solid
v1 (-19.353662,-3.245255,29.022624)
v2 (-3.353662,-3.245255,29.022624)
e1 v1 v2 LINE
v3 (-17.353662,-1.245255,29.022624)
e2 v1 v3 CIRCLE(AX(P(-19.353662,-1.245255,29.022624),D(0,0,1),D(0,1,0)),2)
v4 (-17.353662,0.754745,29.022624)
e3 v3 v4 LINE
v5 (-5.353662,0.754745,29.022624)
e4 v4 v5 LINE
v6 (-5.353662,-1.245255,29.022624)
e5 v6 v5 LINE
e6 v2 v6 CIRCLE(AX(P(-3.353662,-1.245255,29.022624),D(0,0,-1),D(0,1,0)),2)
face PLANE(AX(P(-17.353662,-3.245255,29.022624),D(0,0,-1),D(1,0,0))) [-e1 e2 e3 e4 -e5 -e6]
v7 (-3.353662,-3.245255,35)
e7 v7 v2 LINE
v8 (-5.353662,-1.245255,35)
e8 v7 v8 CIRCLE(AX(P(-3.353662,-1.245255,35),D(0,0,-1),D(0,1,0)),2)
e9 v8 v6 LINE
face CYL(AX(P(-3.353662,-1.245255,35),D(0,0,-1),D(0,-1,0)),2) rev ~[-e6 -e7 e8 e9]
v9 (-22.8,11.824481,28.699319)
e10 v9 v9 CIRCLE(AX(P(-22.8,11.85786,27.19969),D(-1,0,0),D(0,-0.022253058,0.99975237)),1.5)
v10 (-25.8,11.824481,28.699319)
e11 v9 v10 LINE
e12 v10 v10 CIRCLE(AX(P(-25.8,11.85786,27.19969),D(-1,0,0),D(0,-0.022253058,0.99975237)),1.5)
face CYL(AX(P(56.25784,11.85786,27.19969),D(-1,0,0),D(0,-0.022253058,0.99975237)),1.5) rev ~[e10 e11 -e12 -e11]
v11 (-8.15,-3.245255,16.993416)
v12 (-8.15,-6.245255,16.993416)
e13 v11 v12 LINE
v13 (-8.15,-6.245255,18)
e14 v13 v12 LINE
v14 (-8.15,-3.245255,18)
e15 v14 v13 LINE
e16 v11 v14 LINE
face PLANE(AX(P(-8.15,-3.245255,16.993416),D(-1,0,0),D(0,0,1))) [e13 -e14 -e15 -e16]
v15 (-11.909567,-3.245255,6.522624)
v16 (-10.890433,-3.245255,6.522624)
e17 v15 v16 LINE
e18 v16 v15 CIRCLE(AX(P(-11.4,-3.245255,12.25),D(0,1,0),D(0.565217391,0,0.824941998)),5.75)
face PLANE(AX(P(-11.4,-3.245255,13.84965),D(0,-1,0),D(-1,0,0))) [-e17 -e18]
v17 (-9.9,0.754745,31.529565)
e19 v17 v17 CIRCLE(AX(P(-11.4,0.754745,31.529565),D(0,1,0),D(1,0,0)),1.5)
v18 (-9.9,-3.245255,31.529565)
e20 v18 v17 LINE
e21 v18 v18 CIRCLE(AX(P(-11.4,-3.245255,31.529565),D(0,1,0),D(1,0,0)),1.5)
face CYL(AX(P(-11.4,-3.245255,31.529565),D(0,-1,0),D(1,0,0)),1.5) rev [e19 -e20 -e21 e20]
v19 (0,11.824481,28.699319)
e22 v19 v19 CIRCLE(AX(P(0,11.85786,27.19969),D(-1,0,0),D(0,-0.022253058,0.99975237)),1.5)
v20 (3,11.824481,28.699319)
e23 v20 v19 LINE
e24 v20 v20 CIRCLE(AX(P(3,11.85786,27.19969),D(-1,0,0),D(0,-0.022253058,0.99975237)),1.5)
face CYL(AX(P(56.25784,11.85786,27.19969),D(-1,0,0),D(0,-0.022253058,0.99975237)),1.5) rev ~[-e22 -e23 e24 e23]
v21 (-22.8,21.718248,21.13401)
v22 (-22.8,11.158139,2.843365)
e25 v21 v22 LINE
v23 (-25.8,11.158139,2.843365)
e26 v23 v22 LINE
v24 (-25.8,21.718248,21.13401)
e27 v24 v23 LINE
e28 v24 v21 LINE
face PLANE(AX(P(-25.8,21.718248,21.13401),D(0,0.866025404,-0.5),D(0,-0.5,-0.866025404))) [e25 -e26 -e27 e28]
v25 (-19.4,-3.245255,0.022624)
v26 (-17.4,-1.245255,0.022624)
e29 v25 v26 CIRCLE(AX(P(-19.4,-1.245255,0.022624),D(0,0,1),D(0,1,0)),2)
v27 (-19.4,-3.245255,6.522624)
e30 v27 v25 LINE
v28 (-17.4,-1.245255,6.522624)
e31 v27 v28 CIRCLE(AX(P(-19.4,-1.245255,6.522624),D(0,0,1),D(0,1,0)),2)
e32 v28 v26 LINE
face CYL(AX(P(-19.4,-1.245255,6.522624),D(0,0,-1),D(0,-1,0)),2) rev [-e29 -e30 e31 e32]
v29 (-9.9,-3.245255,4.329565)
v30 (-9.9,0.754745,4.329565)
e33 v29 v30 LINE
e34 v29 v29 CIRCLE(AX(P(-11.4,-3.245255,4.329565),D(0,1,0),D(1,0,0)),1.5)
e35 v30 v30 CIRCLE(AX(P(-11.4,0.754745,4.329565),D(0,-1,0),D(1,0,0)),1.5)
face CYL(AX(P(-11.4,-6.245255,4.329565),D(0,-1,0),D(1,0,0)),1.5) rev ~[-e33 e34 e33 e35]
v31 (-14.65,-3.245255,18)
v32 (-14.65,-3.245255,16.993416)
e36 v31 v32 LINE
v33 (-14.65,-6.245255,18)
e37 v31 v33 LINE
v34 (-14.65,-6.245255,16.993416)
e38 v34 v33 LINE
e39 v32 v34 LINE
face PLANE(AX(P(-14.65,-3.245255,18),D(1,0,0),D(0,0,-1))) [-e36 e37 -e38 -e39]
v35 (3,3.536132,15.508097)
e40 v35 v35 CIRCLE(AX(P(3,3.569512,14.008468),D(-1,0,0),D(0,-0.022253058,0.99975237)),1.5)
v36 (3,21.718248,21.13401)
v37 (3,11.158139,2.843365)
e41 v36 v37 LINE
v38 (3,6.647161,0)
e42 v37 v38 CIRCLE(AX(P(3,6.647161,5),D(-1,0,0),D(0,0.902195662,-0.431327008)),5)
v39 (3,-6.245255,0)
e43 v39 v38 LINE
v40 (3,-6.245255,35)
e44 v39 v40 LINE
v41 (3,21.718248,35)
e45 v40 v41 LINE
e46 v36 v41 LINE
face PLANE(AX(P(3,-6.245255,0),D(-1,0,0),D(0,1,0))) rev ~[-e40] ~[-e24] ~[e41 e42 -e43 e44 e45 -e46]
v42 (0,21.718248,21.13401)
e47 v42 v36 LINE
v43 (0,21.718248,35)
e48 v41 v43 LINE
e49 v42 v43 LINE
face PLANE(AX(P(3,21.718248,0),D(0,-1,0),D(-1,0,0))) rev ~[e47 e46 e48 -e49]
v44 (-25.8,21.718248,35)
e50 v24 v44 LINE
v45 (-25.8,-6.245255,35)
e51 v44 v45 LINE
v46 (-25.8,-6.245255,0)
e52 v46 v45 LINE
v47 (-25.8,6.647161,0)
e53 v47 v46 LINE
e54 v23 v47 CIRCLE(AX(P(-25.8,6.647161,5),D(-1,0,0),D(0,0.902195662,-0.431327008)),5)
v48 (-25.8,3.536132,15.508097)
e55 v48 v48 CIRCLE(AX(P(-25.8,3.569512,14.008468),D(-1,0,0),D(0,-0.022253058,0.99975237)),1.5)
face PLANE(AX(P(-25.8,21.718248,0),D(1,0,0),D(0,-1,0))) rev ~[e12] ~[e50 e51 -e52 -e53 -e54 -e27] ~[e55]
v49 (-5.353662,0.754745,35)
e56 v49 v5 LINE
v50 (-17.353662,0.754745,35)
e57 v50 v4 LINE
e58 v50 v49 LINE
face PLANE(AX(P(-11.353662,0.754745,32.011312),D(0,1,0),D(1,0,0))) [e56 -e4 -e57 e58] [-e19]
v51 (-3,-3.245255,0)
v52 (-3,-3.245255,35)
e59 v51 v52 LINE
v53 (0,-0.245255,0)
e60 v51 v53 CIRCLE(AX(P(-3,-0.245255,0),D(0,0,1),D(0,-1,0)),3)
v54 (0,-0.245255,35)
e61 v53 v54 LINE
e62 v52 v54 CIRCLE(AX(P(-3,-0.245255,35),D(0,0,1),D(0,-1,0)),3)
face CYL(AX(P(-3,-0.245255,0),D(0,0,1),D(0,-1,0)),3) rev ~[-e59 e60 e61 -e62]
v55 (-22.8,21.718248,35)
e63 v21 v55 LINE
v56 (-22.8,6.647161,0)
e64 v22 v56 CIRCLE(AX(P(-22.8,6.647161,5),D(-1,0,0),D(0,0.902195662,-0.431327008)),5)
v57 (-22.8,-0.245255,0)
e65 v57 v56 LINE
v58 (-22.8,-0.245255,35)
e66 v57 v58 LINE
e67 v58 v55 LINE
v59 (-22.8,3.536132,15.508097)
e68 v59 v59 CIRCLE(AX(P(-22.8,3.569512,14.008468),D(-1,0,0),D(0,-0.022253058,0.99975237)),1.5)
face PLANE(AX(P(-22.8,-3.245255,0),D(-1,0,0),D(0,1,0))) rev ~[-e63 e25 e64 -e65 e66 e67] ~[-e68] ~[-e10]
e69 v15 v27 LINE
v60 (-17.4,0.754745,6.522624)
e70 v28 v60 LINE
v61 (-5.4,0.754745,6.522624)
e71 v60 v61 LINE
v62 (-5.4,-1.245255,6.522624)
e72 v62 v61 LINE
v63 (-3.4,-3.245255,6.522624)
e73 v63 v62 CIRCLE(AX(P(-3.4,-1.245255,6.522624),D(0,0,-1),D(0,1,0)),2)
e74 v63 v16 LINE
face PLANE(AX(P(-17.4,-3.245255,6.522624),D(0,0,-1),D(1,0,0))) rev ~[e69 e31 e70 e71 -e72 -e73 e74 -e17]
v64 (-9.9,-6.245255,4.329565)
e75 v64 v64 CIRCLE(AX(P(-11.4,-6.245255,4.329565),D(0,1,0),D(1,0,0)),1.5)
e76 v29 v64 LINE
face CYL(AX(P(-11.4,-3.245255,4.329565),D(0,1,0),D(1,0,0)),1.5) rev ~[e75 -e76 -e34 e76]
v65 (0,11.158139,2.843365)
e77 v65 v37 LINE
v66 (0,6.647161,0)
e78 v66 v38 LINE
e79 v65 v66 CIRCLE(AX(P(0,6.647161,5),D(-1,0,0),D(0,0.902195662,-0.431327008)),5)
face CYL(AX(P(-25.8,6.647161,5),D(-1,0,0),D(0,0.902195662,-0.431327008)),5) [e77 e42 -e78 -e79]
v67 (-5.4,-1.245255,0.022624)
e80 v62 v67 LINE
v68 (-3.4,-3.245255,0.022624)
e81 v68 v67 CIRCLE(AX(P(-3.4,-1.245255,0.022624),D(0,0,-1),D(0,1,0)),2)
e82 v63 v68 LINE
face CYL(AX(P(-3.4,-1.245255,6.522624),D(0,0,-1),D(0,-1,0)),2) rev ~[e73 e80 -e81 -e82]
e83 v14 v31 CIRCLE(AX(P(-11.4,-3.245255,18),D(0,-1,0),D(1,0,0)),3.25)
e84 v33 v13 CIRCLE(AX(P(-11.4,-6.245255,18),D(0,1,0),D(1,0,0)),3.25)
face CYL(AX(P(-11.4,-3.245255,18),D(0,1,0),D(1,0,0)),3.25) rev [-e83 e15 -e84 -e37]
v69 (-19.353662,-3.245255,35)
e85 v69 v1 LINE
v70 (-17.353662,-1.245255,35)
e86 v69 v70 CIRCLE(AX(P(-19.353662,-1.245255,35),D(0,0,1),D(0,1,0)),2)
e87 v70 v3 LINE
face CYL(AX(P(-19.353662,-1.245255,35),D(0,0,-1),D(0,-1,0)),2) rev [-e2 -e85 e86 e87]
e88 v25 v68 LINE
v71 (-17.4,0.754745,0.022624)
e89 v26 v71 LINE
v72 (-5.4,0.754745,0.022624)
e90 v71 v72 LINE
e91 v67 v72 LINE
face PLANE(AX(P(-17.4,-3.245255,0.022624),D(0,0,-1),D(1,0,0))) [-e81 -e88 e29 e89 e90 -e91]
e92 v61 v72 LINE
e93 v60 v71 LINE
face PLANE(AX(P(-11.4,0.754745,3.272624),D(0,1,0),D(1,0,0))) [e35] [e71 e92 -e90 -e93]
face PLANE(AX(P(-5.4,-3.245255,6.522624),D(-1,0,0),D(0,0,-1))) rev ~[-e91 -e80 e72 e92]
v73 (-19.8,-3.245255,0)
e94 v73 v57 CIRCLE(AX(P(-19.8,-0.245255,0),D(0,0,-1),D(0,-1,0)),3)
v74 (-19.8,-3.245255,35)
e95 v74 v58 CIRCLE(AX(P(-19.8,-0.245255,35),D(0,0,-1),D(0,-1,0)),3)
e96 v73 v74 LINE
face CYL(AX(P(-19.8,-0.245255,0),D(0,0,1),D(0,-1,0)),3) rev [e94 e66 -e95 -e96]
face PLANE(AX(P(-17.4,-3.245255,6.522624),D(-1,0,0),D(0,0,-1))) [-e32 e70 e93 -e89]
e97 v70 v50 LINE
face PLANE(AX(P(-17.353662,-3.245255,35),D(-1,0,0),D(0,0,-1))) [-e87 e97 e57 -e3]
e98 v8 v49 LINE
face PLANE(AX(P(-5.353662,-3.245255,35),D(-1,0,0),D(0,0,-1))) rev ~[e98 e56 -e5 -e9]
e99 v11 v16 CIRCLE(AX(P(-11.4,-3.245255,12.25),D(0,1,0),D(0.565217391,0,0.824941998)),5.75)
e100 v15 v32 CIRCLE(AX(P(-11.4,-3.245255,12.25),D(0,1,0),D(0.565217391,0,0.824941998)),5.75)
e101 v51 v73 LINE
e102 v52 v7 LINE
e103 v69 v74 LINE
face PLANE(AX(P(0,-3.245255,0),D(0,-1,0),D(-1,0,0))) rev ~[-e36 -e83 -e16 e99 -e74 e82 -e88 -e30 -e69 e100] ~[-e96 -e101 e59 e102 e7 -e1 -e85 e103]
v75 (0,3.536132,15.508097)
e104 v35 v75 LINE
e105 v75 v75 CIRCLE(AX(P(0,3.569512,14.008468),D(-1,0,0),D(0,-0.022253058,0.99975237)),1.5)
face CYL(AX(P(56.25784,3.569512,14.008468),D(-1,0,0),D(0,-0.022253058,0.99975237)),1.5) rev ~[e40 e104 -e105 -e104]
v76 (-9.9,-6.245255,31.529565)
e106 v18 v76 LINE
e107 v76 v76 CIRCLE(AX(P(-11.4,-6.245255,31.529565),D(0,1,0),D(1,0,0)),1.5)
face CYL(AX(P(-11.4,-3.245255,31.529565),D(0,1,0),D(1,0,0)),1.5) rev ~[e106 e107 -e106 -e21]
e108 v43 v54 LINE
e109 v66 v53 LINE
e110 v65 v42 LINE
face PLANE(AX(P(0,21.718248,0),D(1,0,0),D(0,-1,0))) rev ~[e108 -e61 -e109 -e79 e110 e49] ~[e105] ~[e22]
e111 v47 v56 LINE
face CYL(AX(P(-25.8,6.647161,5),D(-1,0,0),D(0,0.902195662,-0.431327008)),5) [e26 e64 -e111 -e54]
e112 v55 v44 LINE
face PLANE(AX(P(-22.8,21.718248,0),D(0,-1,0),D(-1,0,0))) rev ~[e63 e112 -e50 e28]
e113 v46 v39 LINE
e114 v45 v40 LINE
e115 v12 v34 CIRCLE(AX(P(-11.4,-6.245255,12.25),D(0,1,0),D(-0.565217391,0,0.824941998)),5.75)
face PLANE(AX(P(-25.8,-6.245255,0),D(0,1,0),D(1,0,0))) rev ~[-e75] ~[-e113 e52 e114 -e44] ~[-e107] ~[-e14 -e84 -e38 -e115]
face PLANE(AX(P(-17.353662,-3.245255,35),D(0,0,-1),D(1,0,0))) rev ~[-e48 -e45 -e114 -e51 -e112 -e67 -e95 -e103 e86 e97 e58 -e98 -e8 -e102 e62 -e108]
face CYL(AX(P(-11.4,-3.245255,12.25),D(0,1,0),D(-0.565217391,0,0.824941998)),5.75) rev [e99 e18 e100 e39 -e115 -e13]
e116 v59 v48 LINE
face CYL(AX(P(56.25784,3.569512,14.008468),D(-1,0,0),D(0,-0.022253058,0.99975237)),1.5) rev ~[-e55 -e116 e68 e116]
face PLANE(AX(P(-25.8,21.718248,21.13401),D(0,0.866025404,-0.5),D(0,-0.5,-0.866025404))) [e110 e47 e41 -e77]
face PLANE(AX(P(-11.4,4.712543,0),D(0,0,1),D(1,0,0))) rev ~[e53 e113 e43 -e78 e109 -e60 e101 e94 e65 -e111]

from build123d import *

# Parameters (mm, degrees)
EXTRUDE_1_DEPTH     = 35
SKETCH_7_W          = 12
SKETCH_7_H          = 6.5
EXTRUDE_3_DEPTH     = 4
CUT_EXTRUDE_1_REACH = 5
SKETCH_2_R          = 1.5
CUT_EXTRUDE_2_DEPTH = 28.8
SKETCH_6_W          = 12
SKETCH_6_H          = 5.977376498
SKETCH_6_R          = 1.5
EXTRUDE_2_DEPTH     = 4
CUT_EXTRUDE_3_REACH = 29.964
SKETCH_9_R          = 1.5
FILLET_1_R          = 3
FILLET_2_R          = 2
MM_CLEARANCE_1_D    = 3


with BuildPart() as part:
    # 草图1 → 凸台-拉伸1 (new body)
    with BuildSketch(Plane.XY):
        Polygon((-25.8, 21.661752689), (-25.8, -6.245255474), (3, -6.245255474), (3, 21.718248175), (0, 21.718248175), (0, -3.245255474), (-22.8, -3.245255474), (-22.8, 21.718248175), (-25.8, 21.718248175), align=None)
    extrude(amount=EXTRUDE_1_DEPTH)

    # 草图7 → 凸台-拉伸3 (add)
    with BuildSketch(Plane(origin=(0, -3.245255474, 0), x_dir=(1, 0, 0), z_dir=(0, 1, 0))):
        with Locations((-11.4, -3.272623502)):
            Rectangle(SKETCH_7_W, SKETCH_7_H)
    extrude(amount=EXTRUDE_3_DEPTH)

    # 草图2 → 切除-拉伸1 (cut, up to next)
    with BuildSketch(Plane(origin=(0, -3.245255474, 0), x_dir=(1, 0, 0), z_dir=(0, 1, 0)), mode=Mode.PRIVATE) as cut_extrude_1_sk1:
        with Locations((-11.4, -4.329564509)):
            Circle(SKETCH_2_R)
    cut_extrude_1_tool1 = extrude(cut_extrude_1_sk1.sketch, amount=-CUT_EXTRUDE_1_REACH, mode=Mode.PRIVATE) & part.part
    add(cut_extrude_1_tool1.solids().sort_by_distance((-11.4, -3.245255, 4.329565))[0], mode=Mode.SUBTRACT)
    # 草图2 → 切除-拉伸1 (cut, up to next)
    with BuildSketch(Plane(origin=(0, -3.245255474, 0), x_dir=(1, 0, 0), z_dir=(0, 1, 0)), mode=Mode.PRIVATE) as cut_extrude_1_sk2:
        with Locations((-11.4, -31.529564509)):
            Circle(SKETCH_2_R)
    cut_extrude_1_tool2 = extrude(cut_extrude_1_sk2.sketch, amount=-CUT_EXTRUDE_1_REACH, mode=Mode.PRIVATE) & part.part
    add(cut_extrude_1_tool2.solids().sort_by_distance((-11.4, -3.245255, 31.529565))[0], mode=Mode.SUBTRACT)
    # 草图2 → 切除-拉伸1 (cut, up to next)
    with BuildSketch(Plane(origin=(0, -3.245255474, 0), x_dir=(1, 0, 0), z_dir=(0, 1, 0)), mode=Mode.PRIVATE) as cut_extrude_1_sk3:
        with BuildLine():
            Line((-14.65, -18), (-14.65, -16.99341649))
            ThreePointArc((-14.65, -16.99341649), (-11.4, -6.5), (-8.15, -16.99341649))
            Line((-8.15, -16.99341649), (-8.15, -18))
            ThreePointArc((-8.15, -18), (-11.4, -21.25), (-14.65, -18))
        make_face()
    cut_extrude_1_tool3 = extrude(cut_extrude_1_sk3.sketch, amount=-CUT_EXTRUDE_1_REACH, mode=Mode.PRIVATE) & part.part
    add(cut_extrude_1_tool3.solids().sort_by_distance((-11.4, -3.245255, 13.308508))[0], mode=Mode.SUBTRACT)

    # 草图5 → 切除-拉伸2 (cut)
    with BuildSketch(Plane.ZY.offset(25.8)):
        with BuildLine():
            Line((0, 6.647160947), (0, 21.718248175))
            Line((0, 21.718248175), (21.134010141, 21.718248175))
            Line((21.134010141, 21.718248175), (2.843364957, 11.158139254))
            ThreePointArc((2.843364957, 11.158139254), (0.770155132, 9.313321556), (0, 6.647160947))
        make_face()
    extrude(amount=-CUT_EXTRUDE_2_DEPTH, mode=Mode.SUBTRACT)

    # 草图6 → 凸台-拉伸2 (add)
    with BuildSketch(Plane(origin=(0, -3.245255474, 0), x_dir=(1, 0, 0), z_dir=(0, 1, 0))):
        with Locations((-11.353661672, -32.011311751)):
            Rectangle(SKETCH_6_W, SKETCH_6_H)
        with Locations((-11.4, -31.529564509)):
            Circle(SKETCH_6_R, mode=Mode.SUBTRACT)
    extrude(amount=EXTRUDE_2_DEPTH)

    # 草图9 → 切除-拉伸3 (cut, up to next)
    with BuildSketch(Plane.XZ.offset(6.245255474), mode=Mode.PRIVATE) as cut_extrude_3_sk1:
        with Locations((-11.4, 4.329564509)):
            Circle(SKETCH_9_R)
    cut_extrude_3_tool1 = extrude(cut_extrude_3_sk1.sketch, amount=-CUT_EXTRUDE_3_REACH, mode=Mode.PRIVATE) & part.part
    add(cut_extrude_3_tool1.solids().sort_by_distance((-11.4, -6.245255, 4.329565))[0], mode=Mode.SUBTRACT)

    # 圆角1
    fillet_1_edges = [part.edges().sort_by_distance(p)[0] for p in [
        (-22.8, -3.245255474, 17.5),
        (0, -3.245255474, 17.5),
    ]]
    fillet(fillet_1_edges, radius=FILLET_1_R)

    # 圆角2
    fillet_2_edges = [part.edges().sort_by_distance(p)[0] for p in [
        (-5.4, -3.245255474, 3.272623502),
        (-17.4, -3.245255474, 3.272623502),
        (-5.353661672, -3.245255474, 32.011311751),
        (-17.353661672, -3.245255474, 32.011311751),
    ]]
    fillet(fillet_2_edges, radius=FILLET_2_R)

    # 大小mm Clearance 暗销孔1 (through all)
    with Locations(Plane(origin=(3, -125.31519419, 113.107396439), x_dir=(0, 0.022253058, -0.99975237), z_dir=(1, 0, 0))):
        with Locations((88.938953066, 135.227377046), (101.942467158, 126.647536361), (127.53759353, 125.598807912), (135.454300746, 124.4473971)):
            Hole(MM_CLEARANCE_1_D / 2)


solid = part.part
